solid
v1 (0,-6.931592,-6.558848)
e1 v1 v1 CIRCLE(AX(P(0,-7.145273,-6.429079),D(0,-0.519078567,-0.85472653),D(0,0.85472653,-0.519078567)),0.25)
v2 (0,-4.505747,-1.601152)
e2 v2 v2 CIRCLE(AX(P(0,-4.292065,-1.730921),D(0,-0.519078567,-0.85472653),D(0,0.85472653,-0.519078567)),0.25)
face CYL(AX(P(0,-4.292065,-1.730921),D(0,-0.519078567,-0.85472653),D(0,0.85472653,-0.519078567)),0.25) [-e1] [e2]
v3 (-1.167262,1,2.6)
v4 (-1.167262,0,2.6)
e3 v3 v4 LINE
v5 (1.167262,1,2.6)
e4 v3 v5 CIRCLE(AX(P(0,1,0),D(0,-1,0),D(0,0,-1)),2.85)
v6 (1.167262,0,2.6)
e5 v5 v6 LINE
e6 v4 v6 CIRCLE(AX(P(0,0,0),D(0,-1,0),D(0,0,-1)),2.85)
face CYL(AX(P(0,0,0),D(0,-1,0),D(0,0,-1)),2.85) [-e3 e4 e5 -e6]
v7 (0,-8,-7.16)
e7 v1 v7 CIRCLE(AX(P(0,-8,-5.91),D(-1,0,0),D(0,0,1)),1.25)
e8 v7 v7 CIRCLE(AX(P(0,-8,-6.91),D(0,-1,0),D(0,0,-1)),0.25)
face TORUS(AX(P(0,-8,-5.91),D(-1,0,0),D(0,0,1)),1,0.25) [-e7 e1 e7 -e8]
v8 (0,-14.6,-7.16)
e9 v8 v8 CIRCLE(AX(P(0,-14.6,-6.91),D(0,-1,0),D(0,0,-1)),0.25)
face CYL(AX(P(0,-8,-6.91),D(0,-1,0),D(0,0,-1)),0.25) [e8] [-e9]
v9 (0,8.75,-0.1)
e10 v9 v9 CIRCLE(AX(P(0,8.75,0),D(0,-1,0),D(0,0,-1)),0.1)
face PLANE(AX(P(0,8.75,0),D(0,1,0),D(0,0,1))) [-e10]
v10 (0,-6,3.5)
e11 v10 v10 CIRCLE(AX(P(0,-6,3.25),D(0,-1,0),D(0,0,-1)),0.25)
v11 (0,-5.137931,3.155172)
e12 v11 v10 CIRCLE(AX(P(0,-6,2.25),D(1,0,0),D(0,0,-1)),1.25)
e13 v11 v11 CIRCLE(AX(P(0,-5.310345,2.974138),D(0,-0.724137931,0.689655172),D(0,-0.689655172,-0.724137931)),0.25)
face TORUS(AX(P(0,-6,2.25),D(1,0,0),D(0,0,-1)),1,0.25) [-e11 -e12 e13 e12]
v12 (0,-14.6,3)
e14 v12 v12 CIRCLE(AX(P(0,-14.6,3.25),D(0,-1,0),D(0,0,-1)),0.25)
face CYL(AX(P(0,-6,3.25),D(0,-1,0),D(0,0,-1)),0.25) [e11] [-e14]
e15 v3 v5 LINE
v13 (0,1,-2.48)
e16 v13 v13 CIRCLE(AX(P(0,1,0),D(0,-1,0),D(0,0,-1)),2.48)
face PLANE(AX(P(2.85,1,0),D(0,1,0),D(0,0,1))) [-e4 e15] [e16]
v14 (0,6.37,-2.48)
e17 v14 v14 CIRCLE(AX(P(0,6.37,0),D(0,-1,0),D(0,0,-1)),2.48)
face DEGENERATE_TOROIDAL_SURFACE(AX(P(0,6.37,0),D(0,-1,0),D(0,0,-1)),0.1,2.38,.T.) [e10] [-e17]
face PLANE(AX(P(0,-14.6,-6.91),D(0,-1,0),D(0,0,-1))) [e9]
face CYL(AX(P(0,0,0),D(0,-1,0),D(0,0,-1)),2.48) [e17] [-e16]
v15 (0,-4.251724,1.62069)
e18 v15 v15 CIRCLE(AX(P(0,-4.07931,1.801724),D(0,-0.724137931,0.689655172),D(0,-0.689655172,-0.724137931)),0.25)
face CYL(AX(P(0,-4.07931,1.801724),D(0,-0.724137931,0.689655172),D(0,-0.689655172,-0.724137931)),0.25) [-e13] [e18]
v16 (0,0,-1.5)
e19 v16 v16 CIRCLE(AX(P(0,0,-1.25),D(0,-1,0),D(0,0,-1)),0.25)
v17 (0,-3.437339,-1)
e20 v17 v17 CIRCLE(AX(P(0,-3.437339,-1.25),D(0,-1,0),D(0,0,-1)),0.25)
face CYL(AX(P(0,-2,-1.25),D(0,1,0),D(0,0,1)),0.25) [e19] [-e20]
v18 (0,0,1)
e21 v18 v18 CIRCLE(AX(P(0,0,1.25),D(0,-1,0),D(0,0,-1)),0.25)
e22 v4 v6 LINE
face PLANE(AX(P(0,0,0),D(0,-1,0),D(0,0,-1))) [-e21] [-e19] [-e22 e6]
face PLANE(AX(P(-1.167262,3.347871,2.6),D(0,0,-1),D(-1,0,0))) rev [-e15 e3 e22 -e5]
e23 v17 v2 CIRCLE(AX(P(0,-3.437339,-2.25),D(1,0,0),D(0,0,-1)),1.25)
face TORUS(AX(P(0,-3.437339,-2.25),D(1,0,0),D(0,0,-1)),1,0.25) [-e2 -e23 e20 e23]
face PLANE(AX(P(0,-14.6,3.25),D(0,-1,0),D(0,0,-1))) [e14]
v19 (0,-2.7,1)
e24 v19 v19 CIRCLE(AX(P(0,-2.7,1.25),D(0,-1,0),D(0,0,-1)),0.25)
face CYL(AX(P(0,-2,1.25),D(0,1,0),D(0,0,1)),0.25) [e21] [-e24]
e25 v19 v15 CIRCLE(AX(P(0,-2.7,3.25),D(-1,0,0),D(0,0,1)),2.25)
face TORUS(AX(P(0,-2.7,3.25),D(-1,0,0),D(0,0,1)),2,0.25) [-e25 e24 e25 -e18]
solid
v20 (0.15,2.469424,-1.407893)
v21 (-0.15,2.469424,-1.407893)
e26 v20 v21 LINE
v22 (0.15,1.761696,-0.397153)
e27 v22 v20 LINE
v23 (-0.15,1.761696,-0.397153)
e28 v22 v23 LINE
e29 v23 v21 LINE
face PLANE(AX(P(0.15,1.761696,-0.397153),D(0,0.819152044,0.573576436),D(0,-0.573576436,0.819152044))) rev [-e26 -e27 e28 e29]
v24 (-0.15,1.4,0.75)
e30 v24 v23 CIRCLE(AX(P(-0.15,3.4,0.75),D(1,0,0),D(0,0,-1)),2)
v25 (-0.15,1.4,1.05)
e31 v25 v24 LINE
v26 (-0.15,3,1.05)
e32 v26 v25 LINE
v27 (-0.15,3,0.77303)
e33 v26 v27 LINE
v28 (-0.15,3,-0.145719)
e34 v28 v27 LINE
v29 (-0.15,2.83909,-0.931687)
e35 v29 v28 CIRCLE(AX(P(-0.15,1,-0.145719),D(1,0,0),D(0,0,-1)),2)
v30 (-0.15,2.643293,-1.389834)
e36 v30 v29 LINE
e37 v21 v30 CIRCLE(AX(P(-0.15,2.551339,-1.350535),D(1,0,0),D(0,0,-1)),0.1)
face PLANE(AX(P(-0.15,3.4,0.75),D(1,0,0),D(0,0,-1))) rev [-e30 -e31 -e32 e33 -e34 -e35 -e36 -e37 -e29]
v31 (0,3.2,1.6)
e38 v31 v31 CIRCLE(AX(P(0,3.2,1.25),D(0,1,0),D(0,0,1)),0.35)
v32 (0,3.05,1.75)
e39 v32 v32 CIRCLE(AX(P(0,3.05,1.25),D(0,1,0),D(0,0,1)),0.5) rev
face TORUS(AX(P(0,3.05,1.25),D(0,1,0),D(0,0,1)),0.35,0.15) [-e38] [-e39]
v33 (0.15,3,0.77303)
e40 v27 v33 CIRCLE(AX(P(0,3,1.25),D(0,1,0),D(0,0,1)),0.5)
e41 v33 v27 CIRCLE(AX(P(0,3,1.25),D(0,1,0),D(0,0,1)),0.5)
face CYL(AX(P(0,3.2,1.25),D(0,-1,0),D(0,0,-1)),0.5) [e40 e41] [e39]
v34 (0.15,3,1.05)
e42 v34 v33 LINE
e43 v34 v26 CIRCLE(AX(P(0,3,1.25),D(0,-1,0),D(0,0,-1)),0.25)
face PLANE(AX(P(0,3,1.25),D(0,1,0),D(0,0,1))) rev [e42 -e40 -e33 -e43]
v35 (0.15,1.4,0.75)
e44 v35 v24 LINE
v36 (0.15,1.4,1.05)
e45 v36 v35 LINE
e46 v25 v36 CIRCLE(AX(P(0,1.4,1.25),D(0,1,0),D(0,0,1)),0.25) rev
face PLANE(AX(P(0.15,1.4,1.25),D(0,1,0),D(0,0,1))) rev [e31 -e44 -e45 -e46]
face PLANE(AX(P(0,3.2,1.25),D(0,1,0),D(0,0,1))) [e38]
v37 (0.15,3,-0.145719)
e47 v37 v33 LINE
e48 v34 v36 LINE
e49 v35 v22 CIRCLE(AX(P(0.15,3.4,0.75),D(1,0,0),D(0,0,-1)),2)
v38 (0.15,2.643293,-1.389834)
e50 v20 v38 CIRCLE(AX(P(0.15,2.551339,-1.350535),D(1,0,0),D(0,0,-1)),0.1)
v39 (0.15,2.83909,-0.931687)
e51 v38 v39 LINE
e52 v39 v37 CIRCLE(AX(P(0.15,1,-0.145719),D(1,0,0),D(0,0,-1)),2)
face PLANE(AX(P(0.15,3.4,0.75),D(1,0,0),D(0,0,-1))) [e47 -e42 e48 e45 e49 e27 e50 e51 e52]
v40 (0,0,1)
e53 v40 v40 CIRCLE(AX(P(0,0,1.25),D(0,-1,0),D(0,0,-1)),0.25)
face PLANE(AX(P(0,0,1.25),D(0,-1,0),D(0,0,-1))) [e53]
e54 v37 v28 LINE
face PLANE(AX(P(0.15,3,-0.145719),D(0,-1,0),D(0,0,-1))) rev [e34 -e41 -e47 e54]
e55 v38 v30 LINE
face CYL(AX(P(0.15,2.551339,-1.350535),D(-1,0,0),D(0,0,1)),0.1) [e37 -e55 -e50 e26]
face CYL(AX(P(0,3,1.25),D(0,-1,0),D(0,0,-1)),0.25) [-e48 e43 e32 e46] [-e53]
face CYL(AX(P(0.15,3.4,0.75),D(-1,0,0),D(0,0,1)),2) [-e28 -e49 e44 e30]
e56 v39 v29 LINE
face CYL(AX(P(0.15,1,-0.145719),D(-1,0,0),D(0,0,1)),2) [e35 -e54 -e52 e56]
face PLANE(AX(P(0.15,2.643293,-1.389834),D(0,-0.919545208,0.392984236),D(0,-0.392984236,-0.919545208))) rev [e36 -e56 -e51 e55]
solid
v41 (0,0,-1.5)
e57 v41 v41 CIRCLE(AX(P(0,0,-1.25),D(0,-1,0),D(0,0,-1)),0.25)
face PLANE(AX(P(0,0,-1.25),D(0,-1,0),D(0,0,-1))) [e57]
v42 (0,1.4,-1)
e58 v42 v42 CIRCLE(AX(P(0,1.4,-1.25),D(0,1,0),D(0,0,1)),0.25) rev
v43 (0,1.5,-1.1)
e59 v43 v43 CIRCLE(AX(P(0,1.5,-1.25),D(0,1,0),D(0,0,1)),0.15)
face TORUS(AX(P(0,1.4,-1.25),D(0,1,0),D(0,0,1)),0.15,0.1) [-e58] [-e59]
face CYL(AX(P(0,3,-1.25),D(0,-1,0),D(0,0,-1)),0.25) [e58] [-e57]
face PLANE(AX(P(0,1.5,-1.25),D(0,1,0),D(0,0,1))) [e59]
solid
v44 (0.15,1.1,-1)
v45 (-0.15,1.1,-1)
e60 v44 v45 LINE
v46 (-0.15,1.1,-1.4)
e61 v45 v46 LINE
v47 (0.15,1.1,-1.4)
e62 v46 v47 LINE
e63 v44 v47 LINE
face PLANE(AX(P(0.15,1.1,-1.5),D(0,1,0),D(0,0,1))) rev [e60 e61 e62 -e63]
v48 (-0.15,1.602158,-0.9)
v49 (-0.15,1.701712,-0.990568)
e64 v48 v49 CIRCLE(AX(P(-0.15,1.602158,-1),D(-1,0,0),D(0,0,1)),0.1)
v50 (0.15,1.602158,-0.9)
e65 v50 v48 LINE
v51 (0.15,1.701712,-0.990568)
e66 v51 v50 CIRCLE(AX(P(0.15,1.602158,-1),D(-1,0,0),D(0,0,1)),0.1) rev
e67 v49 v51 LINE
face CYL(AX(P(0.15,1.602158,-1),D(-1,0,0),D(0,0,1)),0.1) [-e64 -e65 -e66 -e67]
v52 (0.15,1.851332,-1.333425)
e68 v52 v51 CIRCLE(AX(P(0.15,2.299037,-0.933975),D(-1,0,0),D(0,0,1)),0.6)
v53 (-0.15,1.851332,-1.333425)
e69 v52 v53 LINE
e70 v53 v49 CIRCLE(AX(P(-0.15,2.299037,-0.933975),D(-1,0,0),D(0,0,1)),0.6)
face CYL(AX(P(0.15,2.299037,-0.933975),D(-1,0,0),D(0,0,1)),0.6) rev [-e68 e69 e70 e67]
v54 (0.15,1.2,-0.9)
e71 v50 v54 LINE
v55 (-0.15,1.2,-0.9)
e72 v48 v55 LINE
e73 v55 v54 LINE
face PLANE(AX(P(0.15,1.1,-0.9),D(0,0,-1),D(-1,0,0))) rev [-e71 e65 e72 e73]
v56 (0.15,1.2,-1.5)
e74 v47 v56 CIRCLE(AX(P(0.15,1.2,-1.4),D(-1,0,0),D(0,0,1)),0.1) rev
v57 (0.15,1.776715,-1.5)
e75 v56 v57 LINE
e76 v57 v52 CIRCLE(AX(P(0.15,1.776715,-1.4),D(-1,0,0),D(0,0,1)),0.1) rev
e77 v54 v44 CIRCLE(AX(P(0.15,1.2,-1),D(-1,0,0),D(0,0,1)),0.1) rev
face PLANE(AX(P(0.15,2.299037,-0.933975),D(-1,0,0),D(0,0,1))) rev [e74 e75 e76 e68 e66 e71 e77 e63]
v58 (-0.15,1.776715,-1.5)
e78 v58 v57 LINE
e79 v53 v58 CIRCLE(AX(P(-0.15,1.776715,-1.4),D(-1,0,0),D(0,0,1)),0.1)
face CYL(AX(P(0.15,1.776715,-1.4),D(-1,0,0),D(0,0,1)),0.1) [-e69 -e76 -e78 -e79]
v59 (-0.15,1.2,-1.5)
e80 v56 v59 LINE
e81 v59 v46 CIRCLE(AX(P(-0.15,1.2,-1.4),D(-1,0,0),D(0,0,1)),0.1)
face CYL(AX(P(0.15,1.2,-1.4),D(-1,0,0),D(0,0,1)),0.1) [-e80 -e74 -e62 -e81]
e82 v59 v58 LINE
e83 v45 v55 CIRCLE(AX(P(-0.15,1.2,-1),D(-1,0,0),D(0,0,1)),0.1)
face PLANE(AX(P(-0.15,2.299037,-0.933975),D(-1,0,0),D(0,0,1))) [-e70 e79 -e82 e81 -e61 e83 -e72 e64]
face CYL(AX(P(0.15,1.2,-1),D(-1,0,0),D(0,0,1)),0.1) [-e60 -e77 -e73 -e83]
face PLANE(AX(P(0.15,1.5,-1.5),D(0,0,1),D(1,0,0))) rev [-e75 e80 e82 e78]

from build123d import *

# Parameters (mm, degrees)
CUT_EXTRUDE1_DEPTH    = 1
SKETCH3_R             = 0.25
BOSS_EXTRUDE1_DEPTH   = 2
SKETCH5_R             = 0.25
SKETCH7_R             = 0.25
SKETCH8_R             = 0.25
BOSS_EXTRUDE2_DEPTH   = 3
BOSS_EXTRUDE2_2_DEPTH = 3
SKETCH11_R            = 0.25
CUT_EXTRUDE2_DEPTH    = 1.5
SKETCH9_R             = 0.5
BOSS_EXTRUDE3_DEPTH   = 0.2
FILLET1_R             = 0.15
BOSS_EXTRUDE4_DEPTH   = 0.15
FILLET2_R             = 0.1
FILLET3_R             = 0.1


with BuildPart() as part:
    # Sketch1 → Revolve1 (revolve)
    with BuildSketch(Plane.XY, mode=Mode.PRIVATE) as revolve1_sk:
        with BuildLine():
            Line((0, 0), (0, 8.75))
            Line((0, 8.75), (0.1, 8.75))
            ThreePointArc((0.1, 8.75), (1.782914139, 8.052914139), (2.48, 6.37))
            Line((2.48, 6.37), (2.48, 1))
            Line((2.48, 1), (2.85, 1))
            Line((2.85, 1), (2.85, 0))
            Line((2.85, 0), (0, 0))
        make_face()
    revolve(revolve1_sk.sketch.rotate(Axis((0, 0, 0), (0, 1, 0)), 90), axis=Axis((0, 0, 0), (0, 1, 0)))

    # Sketch2 → Cut-Extrude1 (cut)
    with BuildSketch(Plane.XZ):
        with BuildLine():
            Line((-1.167261753, 2.6), (1.167261753, 2.6))
            ThreePointArc((1.167261753, 2.6), (0, 2.85), (-1.167261753, 2.6))
        make_face()
    extrude(amount=-CUT_EXTRUDE1_DEPTH, mode=Mode.SUBTRACT)

    # Sketch3 → Boss-Extrude1 (add)
    with BuildSketch(Plane.XZ):
        with Locations(Location((0, -1.25, 0), (0, 0, 270))):
            Circle(SKETCH3_R)
        with Locations(Location((0, 1.25, 0), (0, 0, 270))):
            Circle(SKETCH3_R)
    extrude(amount=BOSS_EXTRUDE1_DEPTH)

    # Sweep1: sweep along a path in Sketch4
    with BuildLine(Plane(origin=(0, 0, 0), x_dir=(0, 0, -1), z_dir=(1, 0, 0))) as sweep1_path:
        Line((-1.25, -2), (-1.25, -2.7))
        ThreePointArc((-1.25, -2.7), (-1.393046618, -3.442781353), (-1.801724138, -4.079310345))
        Line((-1.801724138, -4.079310345), (-2.974137931, -5.310344828))
        ThreePointArc((-2.974137931, -5.310344828), (-3.178476691, -5.628609324), (-3.25, -6))
        Line((-3.25, -6), (-3.25, -14.6))
    # Sketch5 → Sweep1 (sweep)
    with BuildSketch(Plane(origin=(0, -14.6, 3.25), x_dir=(-1, 0, 0), z_dir=(0, -1, 0))):
        Circle(SKETCH5_R)
    sweep(path=sweep1_path.line)

    # Sweep2: sweep along a path in Sketch6
    with BuildLine(Plane(origin=(0, 0, 0), x_dir=(0, 0, -1), z_dir=(1, 0, 0))) as sweep2_path:
        Line((6.91, -14.6), (6.91, -8))
        ThreePointArc((6.91, -8), (6.78151551, -7.50963206), (6.429078567, -7.14527347))
        Line((6.429078567, -7.14527347), (1.730921433, -4.292065356))
        ThreePointArc((1.730921433, -4.292065356), (1.37848449, -3.927706766), (1.25, -3.437338826))
        Line((1.25, -3.437338826), (1.25, -2))
    # Sketch7 → Sweep2 (sweep)
    with BuildSketch(Plane(origin=(0, -14.6, -6.91), x_dir=(-1, 0, 0), z_dir=(0, -1, 0))):
        Circle(SKETCH7_R)
    sweep(path=sweep2_path.line)


with BuildPart() as body_2:
    # Sketch8 → Boss-Extrude2 (new body)
    with BuildSketch(Plane.XZ):
        with Locations(Location((0, 1.25, 0), (0, 0, 270))):
            Circle(SKETCH8_R)
    extrude(amount=-BOSS_EXTRUDE2_DEPTH)

    # Sketch9 → Boss-Extrude3 (add)
    with BuildSketch(Plane(origin=(0, 3, 0), x_dir=(1, 0, 0), z_dir=(0, 1, 0))):
        with Locations(Location((0, -1.25, 0), (0, 0, 270))):
            Circle(SKETCH9_R)
    extrude(amount=BOSS_EXTRUDE3_DEPTH)

    # Fillet1
    fillet1_edges = [body_2.edges().sort_by_distance(p)[0] for p in [
        (0, 3.2, 0.75),
    ]]
    fillet(fillet1_edges, radius=FILLET1_R)

    # Sketch10 → Boss-Extrude4 (add, symmetric)
    with BuildSketch(Plane(origin=(0, 0, 0), x_dir=(0, 0, -1), z_dir=(1, 0, 0))):
        with BuildLine():
            Line((-1.25, 3), (-1.25, 1.4))
            Line((-1.25, 1.4), (-0.75, 1.4))
            ThreePointArc((-0.75, 1.4), (-0.148588401, 1.492566099), (0.397152873, 1.761695911))
            Line((0.397152873, 1.761695911), (1.407892729, 2.469423578))
            ThreePointArc((1.407892729, 2.469423578), (1.45, 2.561669844), (1.389833509, 2.643293303))
            Line((1.389833509, 2.643293303), (0.931687151, 2.839090416))
            ThreePointArc((0.931687151, 2.839090416), (0.546854046, 2.959359696), (0.145718678, 3))
            Line((0.145718678, 3), (-1.25, 3))
        make_face()
        with BuildLine():
            Line((1.5, 1.5), (1.5, 2.1))
            ThreePointArc((1.5, 2.1), (1.266795249, 1.799807126), (0.9, 1.7))
            Line((0.9, 1.7), (0.9, 1.1))
            Line((0.9, 1.1), (1.5, 1.1))
            Line((1.5, 1.1), (1.5, 1.5))
        make_face()
    extrude(amount=BOSS_EXTRUDE4_DEPTH, both=True)


with BuildPart() as body_3:
    # Sketch8 → Boss-Extrude2 2 (new body)
    with BuildSketch(Plane.XZ):
        with Locations(Location((0, -1.25, 0), (0, 0, 270))):
            Circle(SKETCH8_R)
    extrude(amount=-BOSS_EXTRUDE2_2_DEPTH)

    # Sketch11 → Cut-Extrude2 (cut)
    with BuildSketch(Plane(origin=(0, 3, 0), x_dir=(1, 0, 0), z_dir=(0, 1, 0))):
        with Locations(Location((0, 1.25, 0), (0, 0, 90))):
            Circle(SKETCH11_R)
    extrude(amount=-CUT_EXTRUDE2_DEPTH, mode=Mode.SUBTRACT)

    # Fillet3
    fillet3_edges = [body_3.edges().sort_by_distance(p)[0] for p in [
        (0, 1.5, -1),
    ]]
    fillet(fillet3_edges, radius=FILLET3_R)


with BuildPart() as boss_extrude4_piece_1:
    # of the separate pieces the step leaves, piece 1, a body of its own (boss_extrude4_pieces)
    add(body_2.part.solids().sort_by_distance((0, 3.05, 1.75))[0])


with BuildPart() as boss_extrude4_piece_2:
    # of the separate pieces the step leaves, piece 2, a body of its own (boss_extrude4_pieces)
    add(body_2.part.solids().sort_by_distance((-0.15, 2.1, -1.5))[0])

    # Fillet2
    fillet2_edges = [boss_extrude4_piece_2.edges().sort_by_distance(p)[0] for p in [
        (0, 1.1, -1.5),
        (0, 1.1, -0.9),
        (0, 1.7, -0.9),
        (0, 2.1, -1.5),
    ]]
    fillet(fillet2_edges, radius=FILLET2_R)


solid = Compound([part.part, body_3.part, boss_extrude4_piece_1.part, boss_extrude4_piece_2.part])
